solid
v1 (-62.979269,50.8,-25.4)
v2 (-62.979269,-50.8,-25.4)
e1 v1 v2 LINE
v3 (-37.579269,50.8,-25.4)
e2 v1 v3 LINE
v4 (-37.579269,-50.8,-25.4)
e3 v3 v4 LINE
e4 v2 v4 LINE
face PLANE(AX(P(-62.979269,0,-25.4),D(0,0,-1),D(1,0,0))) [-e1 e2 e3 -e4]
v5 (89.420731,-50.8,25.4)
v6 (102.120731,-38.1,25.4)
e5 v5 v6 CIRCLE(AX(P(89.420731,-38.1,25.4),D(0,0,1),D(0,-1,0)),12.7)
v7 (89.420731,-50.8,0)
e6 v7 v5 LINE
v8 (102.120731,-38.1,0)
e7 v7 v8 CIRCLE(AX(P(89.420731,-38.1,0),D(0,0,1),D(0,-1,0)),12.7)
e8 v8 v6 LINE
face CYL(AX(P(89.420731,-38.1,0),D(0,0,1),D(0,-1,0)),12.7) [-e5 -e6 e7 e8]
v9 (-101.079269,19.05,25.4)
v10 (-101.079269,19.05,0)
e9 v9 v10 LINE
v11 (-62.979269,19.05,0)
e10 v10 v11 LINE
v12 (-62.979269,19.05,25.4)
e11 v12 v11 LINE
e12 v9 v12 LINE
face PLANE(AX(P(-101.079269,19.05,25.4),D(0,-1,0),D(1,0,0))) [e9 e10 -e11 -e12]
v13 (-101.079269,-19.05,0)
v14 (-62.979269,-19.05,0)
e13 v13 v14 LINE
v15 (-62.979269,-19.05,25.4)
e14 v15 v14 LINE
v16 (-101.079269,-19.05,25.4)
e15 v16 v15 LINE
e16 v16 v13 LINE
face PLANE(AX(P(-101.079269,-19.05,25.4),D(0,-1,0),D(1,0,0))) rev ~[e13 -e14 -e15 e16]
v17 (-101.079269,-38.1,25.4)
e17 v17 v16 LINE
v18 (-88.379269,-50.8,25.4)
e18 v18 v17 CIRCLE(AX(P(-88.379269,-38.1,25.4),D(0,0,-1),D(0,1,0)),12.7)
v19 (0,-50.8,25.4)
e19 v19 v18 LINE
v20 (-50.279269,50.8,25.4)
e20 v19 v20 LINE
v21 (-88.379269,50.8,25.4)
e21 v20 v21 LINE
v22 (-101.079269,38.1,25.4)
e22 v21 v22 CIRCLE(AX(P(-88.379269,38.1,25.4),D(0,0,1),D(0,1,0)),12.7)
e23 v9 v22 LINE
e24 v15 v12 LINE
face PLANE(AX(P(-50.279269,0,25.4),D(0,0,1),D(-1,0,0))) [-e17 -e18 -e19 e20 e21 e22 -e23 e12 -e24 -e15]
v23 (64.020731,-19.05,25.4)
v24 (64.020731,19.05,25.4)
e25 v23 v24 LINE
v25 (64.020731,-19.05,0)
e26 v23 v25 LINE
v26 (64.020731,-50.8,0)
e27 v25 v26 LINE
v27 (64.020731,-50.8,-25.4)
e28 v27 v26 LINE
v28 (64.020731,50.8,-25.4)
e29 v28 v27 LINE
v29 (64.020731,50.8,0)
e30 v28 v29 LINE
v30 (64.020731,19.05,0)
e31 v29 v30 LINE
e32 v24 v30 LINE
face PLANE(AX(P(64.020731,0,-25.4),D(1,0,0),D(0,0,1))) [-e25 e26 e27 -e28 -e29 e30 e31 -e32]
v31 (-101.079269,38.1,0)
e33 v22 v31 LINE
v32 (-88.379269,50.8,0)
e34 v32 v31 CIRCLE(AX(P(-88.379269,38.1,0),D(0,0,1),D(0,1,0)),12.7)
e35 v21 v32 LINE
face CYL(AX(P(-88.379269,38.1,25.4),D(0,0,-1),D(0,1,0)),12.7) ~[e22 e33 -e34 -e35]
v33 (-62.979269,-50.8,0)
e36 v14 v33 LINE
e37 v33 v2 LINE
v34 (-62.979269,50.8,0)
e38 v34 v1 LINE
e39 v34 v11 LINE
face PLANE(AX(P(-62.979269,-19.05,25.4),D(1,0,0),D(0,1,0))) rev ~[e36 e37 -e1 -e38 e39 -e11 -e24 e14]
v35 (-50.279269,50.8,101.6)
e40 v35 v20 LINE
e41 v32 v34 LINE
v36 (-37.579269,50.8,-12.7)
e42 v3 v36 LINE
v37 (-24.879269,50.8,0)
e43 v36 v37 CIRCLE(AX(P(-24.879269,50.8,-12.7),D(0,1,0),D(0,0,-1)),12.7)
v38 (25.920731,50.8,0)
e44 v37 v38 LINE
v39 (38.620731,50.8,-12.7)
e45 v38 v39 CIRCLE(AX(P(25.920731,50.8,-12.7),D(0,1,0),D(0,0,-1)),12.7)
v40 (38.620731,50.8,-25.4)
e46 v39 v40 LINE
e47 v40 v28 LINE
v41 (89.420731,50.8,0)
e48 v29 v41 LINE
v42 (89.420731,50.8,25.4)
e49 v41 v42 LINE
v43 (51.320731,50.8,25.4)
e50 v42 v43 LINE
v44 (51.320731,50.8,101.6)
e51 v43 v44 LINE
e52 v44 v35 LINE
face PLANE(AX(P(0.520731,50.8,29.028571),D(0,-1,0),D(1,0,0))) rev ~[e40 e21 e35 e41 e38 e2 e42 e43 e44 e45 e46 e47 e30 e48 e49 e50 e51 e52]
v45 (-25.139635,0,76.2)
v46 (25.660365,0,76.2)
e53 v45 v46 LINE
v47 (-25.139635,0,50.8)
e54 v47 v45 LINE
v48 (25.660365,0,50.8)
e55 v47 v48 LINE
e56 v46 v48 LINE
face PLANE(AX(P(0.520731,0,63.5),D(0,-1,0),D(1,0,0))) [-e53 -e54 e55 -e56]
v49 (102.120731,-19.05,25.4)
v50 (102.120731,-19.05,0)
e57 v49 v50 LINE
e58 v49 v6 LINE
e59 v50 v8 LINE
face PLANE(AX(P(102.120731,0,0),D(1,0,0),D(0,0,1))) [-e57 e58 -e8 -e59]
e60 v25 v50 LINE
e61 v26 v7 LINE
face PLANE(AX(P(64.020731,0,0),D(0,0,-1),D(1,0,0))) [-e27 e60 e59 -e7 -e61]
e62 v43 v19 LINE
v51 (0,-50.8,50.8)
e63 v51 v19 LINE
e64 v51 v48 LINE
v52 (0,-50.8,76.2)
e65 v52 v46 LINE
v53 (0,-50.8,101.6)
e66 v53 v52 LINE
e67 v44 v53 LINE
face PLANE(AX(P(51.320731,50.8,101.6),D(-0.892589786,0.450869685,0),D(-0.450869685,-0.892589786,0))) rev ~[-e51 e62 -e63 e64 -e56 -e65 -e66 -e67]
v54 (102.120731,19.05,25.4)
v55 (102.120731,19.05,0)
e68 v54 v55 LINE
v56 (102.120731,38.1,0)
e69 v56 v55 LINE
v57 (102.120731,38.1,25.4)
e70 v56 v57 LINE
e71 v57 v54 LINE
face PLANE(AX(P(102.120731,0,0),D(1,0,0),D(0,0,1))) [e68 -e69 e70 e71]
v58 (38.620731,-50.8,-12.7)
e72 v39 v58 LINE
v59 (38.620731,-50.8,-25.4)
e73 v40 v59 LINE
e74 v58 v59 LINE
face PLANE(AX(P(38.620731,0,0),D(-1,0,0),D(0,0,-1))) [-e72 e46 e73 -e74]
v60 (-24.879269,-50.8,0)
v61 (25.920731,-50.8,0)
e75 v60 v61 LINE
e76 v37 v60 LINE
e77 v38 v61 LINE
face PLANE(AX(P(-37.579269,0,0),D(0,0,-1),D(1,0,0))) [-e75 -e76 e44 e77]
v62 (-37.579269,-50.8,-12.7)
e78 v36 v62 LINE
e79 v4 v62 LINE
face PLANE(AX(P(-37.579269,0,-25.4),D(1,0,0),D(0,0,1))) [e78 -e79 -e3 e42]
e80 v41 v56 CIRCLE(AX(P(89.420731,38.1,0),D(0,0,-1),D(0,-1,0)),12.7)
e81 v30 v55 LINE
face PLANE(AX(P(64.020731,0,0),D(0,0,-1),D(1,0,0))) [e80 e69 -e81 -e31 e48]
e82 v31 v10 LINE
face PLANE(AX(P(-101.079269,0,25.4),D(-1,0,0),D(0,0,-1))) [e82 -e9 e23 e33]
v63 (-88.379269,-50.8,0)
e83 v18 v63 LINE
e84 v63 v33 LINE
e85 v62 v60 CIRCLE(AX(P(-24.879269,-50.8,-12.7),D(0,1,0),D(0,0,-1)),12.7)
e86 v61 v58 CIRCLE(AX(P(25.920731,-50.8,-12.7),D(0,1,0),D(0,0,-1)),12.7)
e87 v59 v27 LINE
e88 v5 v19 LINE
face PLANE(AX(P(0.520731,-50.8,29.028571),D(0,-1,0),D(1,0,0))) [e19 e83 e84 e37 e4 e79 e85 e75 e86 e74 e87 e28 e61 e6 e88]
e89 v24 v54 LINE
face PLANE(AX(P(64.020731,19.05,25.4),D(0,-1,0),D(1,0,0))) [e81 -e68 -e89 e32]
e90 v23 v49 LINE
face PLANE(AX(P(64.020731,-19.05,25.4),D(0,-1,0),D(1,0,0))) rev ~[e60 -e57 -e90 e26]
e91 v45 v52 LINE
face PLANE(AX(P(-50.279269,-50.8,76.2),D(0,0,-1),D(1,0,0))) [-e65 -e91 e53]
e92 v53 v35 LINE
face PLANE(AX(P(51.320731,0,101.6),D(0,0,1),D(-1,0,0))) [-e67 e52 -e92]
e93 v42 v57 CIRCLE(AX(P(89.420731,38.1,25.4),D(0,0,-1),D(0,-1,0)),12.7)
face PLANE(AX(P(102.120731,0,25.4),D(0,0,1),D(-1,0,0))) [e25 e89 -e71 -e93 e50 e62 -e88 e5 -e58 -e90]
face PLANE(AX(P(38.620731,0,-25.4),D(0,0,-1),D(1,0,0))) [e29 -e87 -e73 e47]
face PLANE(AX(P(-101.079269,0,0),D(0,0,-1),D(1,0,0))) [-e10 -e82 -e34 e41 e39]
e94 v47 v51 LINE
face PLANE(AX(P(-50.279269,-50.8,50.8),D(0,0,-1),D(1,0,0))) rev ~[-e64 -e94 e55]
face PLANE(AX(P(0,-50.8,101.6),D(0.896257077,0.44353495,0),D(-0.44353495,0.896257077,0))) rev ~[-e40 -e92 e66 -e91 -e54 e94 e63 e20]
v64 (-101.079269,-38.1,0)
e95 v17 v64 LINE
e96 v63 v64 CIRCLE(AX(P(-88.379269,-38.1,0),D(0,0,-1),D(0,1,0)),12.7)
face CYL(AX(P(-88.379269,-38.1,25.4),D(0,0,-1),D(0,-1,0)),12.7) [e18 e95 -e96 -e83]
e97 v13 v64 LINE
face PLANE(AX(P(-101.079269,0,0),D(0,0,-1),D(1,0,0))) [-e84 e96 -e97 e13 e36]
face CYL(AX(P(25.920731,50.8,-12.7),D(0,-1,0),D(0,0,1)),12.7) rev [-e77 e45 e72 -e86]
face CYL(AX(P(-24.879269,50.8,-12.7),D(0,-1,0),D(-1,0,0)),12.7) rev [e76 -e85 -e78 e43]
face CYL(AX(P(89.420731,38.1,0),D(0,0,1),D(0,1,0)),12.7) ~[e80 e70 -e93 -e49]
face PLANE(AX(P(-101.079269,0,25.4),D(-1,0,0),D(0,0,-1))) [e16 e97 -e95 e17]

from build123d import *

# Parameters (mm, degrees)
F1_DEPTH = 50.8
F2_W     = 101.6
F2_H     = 25.4
F3_DEPTH = 50.8
F5_DEPTH = 76.2
F6_W     = 38.1
F6_H     = 38.1
F7_DEPTH = 25.4
F8_W     = 38.1
F8_H     = 38.1
F9_DEPTH = 25.4
F10_R    = 12.7
F11_R    = 12.7


with BuildPart() as f1:
    # F0 (on Front) → F1 (new body, symmetric)
    with BuildSketch(Plane.XZ):
        Polygon((-101.0792693405, 25.4), (-101.0792693405, 0), (-62.9792693405, 0), (-62.9792693405, -25.4), (-37.5792693405, -25.4), (-37.5792693405, 0), (38.6207306595, 0), (38.6207306595, -25.4), (64.0207306595, -25.4), (64.0207306595, 0), (102.1207306595, 0), (102.1207306595, 25.4), (51.3207306595, 25.4), (51.3207306595, 101.6), (-50.2792693405, 101.6), (-50.2792693405, 25.4), align=None)
    extrude(amount=F1_DEPTH, both=True)

    # F2 (on face) → F3 (cut)
    with BuildSketch(Plane.XZ.offset(50.8)):
        with Locations((0.5207306595, 63.5)):
            Rectangle(F2_W, F2_H)
    extrude(amount=-F3_DEPTH, mode=Mode.SUBTRACT)

    # F4 (on face) → F5 (cut)
    with BuildSketch(Plane.XY.offset(101.6)):
        Polygon((51.3207306595, 50.8), (0, -50.8), (51.3207306595, -50.8), align=None)
        Polygon((0, -50.8), (-50.2792693405, 50.8), (-50.2792693405, -50.8), align=None)
    extrude(amount=-F5_DEPTH, mode=Mode.SUBTRACT)

    # F6 (on face) → F7 (cut)
    with BuildSketch(Plane.XY.offset(25.4)):
        with Locations((83.0707306595, 0)):
            Rectangle(F6_W, F6_H)
    extrude(amount=-F7_DEPTH, mode=Mode.SUBTRACT)

    # F8 (on face) → F9 (cut)
    with BuildSketch(Plane.XY.offset(25.4)):
        with Locations((-82.0292693405, 0)):
            Rectangle(F8_W, F8_H)
    extrude(amount=-F9_DEPTH, mode=Mode.SUBTRACT)

    # F10
    f10_edges = [f1.edges().sort_by_distance(p)[0] for p in [
        (-37.579269, 0, 0),
        (38.620731, 0, 0),
    ]]
    fillet(f10_edges, radius=F10_R)

    # F11
    f11_edges = [f1.edges().sort_by_distance(p)[0] for p in [
        (102.120731, -50.8, 12.7),
        (102.120731, 50.8, 12.7),
        (-101.079269, -50.8, 12.7),
        (-101.079269, 50.8, 12.7),
    ]]
    fillet(f11_edges, radius=F11_R)


solid = f1.part
